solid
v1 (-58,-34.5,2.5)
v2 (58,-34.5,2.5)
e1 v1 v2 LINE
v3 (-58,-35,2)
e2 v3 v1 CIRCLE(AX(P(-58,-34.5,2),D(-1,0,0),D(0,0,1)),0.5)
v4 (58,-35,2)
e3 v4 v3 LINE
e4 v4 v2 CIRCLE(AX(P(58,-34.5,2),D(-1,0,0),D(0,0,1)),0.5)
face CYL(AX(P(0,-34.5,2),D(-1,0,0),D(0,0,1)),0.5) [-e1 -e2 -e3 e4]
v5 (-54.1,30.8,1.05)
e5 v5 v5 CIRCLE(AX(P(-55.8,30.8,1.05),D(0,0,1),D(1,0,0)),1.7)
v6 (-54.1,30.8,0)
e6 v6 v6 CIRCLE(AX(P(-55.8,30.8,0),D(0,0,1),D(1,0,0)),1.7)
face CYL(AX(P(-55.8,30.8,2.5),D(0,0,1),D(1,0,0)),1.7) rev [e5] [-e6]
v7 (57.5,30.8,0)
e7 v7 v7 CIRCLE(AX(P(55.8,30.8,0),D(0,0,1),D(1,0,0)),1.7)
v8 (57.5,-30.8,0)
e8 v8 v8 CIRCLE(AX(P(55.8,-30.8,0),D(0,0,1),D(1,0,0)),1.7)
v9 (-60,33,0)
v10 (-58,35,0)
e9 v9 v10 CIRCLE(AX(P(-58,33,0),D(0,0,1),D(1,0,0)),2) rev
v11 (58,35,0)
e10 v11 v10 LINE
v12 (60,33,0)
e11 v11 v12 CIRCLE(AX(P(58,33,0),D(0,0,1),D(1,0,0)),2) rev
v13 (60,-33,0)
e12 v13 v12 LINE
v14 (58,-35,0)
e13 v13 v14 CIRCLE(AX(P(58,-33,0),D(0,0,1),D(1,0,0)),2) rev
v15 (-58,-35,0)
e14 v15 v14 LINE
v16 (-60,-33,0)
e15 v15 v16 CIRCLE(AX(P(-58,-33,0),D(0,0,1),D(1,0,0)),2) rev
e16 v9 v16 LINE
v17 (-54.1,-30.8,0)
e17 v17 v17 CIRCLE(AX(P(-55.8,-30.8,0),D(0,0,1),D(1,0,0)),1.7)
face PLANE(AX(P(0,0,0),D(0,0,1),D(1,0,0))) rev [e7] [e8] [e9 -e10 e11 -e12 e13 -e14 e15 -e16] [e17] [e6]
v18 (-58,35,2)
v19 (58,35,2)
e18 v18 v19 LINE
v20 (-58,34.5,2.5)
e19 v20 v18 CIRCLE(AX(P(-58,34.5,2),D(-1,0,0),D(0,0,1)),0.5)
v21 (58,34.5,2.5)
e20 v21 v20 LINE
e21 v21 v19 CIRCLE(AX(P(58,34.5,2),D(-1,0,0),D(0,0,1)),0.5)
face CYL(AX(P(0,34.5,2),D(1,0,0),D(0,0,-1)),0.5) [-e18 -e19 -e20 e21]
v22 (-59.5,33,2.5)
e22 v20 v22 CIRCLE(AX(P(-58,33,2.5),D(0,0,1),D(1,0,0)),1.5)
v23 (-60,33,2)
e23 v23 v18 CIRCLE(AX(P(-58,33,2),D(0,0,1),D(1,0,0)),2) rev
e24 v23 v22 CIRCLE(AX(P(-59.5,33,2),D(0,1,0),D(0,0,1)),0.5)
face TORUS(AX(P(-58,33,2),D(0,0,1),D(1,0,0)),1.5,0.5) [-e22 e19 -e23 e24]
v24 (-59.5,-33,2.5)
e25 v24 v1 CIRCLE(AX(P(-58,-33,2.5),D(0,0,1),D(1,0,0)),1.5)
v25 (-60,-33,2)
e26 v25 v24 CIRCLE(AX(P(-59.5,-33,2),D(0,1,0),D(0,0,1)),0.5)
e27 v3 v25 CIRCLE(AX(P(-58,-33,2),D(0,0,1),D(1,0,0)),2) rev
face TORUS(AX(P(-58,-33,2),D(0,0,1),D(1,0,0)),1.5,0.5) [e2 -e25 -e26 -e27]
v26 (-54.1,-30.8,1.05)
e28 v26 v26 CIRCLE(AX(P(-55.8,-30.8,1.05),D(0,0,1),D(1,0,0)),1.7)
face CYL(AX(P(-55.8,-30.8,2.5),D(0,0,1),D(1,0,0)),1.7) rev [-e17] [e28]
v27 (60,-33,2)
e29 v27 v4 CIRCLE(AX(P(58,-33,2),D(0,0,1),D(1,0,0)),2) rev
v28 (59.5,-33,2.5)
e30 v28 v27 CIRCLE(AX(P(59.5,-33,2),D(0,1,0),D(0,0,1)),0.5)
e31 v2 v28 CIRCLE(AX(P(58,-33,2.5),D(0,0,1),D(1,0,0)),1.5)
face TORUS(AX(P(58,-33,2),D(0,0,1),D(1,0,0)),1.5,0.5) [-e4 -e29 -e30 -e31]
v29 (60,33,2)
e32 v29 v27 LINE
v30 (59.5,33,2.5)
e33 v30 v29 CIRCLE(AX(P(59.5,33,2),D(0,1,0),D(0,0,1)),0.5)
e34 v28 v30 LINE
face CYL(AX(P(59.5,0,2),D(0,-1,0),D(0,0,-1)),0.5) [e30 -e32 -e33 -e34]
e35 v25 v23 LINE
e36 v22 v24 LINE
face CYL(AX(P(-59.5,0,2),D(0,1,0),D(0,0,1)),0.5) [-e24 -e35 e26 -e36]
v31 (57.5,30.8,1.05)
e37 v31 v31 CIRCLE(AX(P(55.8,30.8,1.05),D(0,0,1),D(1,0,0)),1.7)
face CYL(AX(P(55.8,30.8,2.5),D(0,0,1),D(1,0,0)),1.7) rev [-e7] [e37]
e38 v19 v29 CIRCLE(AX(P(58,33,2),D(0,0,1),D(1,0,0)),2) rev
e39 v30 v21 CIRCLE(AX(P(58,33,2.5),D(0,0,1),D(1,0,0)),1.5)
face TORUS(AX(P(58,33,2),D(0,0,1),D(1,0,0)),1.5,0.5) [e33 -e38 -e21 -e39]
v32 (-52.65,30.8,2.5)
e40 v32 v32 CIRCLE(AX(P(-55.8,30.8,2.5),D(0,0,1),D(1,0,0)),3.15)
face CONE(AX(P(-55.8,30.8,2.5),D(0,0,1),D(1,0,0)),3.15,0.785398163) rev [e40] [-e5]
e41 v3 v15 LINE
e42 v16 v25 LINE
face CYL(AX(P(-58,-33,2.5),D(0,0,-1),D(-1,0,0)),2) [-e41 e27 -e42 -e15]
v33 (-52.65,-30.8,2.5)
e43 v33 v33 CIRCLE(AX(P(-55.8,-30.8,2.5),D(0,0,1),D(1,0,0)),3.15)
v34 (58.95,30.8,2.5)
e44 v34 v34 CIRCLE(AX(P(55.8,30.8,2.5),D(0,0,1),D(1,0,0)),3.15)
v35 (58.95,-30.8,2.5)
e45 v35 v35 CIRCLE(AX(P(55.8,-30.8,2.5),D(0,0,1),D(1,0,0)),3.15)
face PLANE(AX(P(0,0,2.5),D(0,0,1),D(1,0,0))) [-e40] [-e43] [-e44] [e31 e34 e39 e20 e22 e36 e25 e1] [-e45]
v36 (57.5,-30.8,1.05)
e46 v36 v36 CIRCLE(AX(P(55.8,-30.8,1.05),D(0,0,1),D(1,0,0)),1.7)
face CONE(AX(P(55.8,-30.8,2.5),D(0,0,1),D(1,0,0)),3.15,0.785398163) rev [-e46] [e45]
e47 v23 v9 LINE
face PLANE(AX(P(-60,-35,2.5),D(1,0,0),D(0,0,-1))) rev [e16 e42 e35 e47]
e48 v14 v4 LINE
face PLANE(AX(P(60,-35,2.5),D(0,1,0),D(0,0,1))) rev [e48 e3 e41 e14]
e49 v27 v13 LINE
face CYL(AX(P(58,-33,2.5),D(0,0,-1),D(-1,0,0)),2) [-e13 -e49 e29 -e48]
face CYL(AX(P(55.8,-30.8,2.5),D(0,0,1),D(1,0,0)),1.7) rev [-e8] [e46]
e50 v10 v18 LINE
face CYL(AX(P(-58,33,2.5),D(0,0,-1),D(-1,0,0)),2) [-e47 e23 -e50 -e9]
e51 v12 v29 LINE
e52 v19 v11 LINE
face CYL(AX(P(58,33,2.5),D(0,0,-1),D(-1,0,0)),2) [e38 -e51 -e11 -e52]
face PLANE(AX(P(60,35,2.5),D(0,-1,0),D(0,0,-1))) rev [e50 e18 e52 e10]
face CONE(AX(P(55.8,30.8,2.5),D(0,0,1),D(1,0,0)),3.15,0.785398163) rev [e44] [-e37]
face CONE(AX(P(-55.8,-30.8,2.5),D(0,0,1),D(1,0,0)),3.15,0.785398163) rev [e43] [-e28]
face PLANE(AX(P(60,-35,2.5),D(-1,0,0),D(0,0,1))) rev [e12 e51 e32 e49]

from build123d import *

# Parameters (mm, degrees)
SKETCH1_W                                           = 120
SKETCH1_H                                           = 70
BOSS_EXTRUDE1_DEPTH                                 = 2.5
FILLET1_R                                           = 2
CSK_FOR_M3_COUNTERSUNK_FLAT_HEAD_SCREW1_D           = 3.4
CSK_FOR_M3_COUNTERSUNK_FLAT_HEAD_SCREW1_DEPTH       = 10
CSK_FOR_M3_COUNTERSUNK_FLAT_HEAD_SCREW1_CSINK_D     = 6.3
CSK_FOR_M3_COUNTERSUNK_FLAT_HEAD_SCREW1_CSINK_ANGLE = 90
CSK_FOR_M3_COUNTERSUNK_FLAT_HEAD_SCREW1_TIP         = 1.021463052
FILLET2_R                                           = 0.5


with BuildPart() as part:
    # Sketch1 → Boss-Extrude1 (new body)
    with BuildSketch(Plane.XY):
        Rectangle(SKETCH1_W, SKETCH1_H)
    extrude(amount=BOSS_EXTRUDE1_DEPTH)

    # Fillet1
    fillet1_edges = [part.edges().sort_by_distance(p)[0] for p in [
        (-60, 35, 1.25),
        (60, 35, 1.25),
        (60, -35, 1.25),
        (-60, -35, 1.25),
    ]]
    fillet(fillet1_edges, radius=FILLET1_R)

    # CSK for M3 Countersunk Flat Head Screw1
    with Locations(Plane(origin=(-55.8, 30.8, 2.5), x_dir=(1, 0, 0), z_dir=(0, 0, 1))):
        with Locations((0, 0), (111.6, 0), (111.6, -61.6), (0, -61.6)):
            CounterSinkHole(CSK_FOR_M3_COUNTERSUNK_FLAT_HEAD_SCREW1_D / 2, CSK_FOR_M3_COUNTERSUNK_FLAT_HEAD_SCREW1_CSINK_D / 2, depth=CSK_FOR_M3_COUNTERSUNK_FLAT_HEAD_SCREW1_DEPTH, counter_sink_angle=CSK_FOR_M3_COUNTERSUNK_FLAT_HEAD_SCREW1_CSINK_ANGLE)
            with Locations((0, 0, -(CSK_FOR_M3_COUNTERSUNK_FLAT_HEAD_SCREW1_DEPTH + CSK_FOR_M3_COUNTERSUNK_FLAT_HEAD_SCREW1_TIP / 2))):  # 118° drill point
                Cone(0, CSK_FOR_M3_COUNTERSUNK_FLAT_HEAD_SCREW1_D / 2, CSK_FOR_M3_COUNTERSUNK_FLAT_HEAD_SCREW1_TIP, mode=Mode.SUBTRACT)

    # Fillet2
    fillet2_edges = [part.edges().sort_by_distance(p)[0] for p in [
        (60, 0, 2.5),
        (0, -35, 2.5),
        (-60, 0, 2.5),
        (0, 35, 2.5),
        (59.414213562, 34.414213562, 2.5),
        (-59.414213562, 34.414213562, 2.5),
        (-59.414213562, -34.414213562, 2.5),
        (59.414213562, -34.414213562, 2.5),
    ]]
    fillet(fillet2_edges, radius=FILLET2_R)


solid = part.part
